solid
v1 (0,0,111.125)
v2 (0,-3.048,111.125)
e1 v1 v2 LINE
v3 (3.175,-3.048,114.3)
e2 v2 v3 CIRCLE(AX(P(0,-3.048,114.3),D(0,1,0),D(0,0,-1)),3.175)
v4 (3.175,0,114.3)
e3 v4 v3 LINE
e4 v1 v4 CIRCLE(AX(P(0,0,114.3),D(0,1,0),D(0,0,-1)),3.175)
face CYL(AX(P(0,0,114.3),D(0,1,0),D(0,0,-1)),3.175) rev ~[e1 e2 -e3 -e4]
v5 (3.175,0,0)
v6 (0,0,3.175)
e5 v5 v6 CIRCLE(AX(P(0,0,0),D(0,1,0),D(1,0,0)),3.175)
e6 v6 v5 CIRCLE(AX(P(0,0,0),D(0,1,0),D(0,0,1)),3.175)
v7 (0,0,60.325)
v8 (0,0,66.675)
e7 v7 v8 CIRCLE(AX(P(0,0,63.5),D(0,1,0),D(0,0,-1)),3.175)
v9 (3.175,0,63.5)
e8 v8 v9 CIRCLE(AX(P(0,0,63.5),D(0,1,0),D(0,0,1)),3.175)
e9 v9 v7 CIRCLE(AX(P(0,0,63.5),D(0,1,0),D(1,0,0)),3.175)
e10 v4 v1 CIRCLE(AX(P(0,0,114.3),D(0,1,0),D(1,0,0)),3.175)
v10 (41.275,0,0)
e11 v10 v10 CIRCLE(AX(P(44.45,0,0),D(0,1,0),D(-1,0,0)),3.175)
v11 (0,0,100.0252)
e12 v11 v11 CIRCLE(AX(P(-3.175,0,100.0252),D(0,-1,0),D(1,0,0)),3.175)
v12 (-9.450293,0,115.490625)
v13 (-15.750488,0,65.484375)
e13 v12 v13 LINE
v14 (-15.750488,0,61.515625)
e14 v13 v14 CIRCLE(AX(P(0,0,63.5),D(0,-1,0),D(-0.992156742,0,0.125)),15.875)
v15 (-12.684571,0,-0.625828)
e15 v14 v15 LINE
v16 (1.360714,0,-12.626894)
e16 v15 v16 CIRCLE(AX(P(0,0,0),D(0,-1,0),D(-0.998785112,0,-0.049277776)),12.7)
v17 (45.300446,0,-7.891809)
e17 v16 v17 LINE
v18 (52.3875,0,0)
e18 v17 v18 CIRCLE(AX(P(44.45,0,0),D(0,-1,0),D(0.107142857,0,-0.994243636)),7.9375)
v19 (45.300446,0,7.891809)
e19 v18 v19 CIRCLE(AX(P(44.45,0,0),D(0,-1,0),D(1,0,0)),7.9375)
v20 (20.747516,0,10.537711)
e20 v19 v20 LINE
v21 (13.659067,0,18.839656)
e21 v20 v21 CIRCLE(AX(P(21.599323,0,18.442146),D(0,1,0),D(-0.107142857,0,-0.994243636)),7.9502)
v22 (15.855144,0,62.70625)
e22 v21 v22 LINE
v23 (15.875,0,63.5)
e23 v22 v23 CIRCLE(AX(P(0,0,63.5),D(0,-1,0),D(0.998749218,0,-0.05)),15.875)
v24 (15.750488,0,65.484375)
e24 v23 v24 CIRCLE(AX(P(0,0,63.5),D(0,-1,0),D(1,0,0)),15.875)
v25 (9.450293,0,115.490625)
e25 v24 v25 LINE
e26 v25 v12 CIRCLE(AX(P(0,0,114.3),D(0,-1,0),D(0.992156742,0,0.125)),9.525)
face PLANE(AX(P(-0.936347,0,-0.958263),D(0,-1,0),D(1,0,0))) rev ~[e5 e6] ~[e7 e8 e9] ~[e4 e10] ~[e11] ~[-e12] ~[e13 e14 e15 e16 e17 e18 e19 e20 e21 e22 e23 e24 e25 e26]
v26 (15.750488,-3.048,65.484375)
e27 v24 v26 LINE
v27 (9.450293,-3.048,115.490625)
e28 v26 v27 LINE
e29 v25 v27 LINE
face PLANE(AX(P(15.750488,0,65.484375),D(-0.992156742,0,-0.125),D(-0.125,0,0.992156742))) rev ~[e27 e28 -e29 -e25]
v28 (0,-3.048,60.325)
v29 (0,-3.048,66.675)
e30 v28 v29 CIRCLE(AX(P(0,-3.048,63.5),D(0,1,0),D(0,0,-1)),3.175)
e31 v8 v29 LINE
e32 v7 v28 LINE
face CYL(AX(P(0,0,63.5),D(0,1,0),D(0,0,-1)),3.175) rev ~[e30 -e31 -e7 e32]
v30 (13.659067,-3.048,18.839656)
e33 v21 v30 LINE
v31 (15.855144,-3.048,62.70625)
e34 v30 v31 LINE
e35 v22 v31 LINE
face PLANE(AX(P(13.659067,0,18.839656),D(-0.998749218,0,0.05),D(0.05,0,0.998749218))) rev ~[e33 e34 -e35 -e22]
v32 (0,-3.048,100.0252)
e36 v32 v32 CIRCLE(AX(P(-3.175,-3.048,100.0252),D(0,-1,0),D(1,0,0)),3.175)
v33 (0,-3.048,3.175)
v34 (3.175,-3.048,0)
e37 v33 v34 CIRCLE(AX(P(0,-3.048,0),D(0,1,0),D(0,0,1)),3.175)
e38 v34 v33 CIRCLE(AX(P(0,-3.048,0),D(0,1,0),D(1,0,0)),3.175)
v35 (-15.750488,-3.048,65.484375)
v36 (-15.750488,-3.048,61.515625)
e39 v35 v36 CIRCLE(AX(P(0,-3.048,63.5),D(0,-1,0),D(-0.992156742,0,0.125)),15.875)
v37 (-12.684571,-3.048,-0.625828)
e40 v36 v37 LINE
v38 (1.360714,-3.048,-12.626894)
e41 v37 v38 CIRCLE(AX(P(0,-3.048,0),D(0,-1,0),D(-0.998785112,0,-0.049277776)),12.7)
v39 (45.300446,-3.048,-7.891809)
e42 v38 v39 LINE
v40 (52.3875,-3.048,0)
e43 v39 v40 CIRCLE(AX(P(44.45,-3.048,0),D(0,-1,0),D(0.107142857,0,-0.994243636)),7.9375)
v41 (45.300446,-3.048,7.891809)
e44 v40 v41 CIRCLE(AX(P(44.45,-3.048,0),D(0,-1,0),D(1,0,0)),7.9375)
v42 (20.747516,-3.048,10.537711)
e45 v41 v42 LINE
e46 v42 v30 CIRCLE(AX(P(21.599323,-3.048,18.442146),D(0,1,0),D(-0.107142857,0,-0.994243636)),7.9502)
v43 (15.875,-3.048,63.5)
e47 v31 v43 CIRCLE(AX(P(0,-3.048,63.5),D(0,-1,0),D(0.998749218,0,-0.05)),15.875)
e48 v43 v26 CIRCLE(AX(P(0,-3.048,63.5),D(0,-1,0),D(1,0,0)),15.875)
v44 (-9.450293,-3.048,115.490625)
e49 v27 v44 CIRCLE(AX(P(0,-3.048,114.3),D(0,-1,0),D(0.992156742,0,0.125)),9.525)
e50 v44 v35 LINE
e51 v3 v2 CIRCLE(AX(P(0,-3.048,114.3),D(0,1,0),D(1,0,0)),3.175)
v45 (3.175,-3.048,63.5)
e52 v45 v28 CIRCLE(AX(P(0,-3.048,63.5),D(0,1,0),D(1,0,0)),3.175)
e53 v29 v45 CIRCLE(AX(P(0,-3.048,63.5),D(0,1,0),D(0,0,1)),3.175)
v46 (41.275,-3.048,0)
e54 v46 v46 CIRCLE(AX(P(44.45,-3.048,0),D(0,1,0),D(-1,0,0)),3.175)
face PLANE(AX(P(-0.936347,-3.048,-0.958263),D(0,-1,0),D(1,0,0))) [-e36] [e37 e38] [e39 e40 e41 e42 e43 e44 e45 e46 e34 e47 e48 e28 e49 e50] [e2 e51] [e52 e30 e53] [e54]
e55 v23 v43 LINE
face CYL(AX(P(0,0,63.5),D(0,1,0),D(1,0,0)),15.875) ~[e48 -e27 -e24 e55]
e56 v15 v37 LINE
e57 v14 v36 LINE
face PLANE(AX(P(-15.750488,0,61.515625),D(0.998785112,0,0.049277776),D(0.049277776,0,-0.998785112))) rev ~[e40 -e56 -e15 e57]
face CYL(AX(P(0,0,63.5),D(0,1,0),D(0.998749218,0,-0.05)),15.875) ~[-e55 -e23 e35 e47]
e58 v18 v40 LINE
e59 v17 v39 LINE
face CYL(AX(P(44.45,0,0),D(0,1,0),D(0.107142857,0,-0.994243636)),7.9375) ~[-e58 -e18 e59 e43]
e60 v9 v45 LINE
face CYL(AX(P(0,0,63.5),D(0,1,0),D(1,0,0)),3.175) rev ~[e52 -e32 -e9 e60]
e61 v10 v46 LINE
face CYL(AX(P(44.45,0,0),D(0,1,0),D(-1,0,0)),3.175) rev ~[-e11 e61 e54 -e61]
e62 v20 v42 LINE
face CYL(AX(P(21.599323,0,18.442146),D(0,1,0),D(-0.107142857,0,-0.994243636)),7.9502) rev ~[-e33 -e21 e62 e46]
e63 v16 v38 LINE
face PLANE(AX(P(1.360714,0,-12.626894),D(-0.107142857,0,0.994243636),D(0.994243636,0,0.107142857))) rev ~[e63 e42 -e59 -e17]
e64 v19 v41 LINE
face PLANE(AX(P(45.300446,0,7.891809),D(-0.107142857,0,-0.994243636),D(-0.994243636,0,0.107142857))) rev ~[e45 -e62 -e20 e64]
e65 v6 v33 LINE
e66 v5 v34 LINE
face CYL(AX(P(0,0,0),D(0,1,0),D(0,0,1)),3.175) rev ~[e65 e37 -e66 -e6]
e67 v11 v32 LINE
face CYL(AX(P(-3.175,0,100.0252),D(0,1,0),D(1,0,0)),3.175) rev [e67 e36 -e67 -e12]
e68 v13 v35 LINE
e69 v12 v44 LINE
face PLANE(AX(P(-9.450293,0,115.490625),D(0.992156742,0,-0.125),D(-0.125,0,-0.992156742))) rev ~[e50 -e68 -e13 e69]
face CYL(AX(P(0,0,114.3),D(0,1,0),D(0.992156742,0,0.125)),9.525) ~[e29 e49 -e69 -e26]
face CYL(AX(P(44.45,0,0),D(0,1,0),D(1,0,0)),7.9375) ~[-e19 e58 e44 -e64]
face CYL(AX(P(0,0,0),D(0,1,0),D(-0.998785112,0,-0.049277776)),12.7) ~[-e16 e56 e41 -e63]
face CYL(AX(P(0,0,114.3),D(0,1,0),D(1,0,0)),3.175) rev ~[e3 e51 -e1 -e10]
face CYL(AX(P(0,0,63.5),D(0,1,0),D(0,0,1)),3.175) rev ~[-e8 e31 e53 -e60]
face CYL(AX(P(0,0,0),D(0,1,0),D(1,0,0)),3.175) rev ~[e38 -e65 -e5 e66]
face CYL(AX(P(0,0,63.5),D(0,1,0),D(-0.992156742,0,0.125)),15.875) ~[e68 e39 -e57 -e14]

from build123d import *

# Parameters (mm, degrees)
F0_R     = 3.175
F1_DEPTH = 3.048


with BuildPart() as f1:
    # F0 (on Front) → F1 (new body)
    with BuildSketch(Plane.XZ):
        with BuildLine():
            Line((12.7, 0), (3.175, 0))
            ThreePointArc((3.175, 0), (-2.2450640303, -2.2450640303), (0, 3.175))
            Line((0, 3.175), (0, 12.7))
            ThreePointArc((0, 12.7), (-9.1988589652, 8.7561974475), (-12.6845709276, -0.6258277576))
            ThreePointArc((-12.6845709276, -0.6258277576), (-8.2500806742, -9.6553699499), (1.3607142857, -12.62689418))
            ThreePointArc((1.3607142857, -12.62689418), (9.4491023761, -8.4855444307), (12.7, 0))
        make_face()
        with BuildLine():
            ThreePointArc((0, 12.7), (8.9802561211, 8.9802561211), (12.7, 0))
            Line((12.7, 0), (36.5125, 0))
            ThreePointArc((36.5125, 0), (39.1465347308, 5.9056889851), (45.3004464286, 7.8918088625))
            Line((45.3004464286, 7.8918088625), (20.7475162312, 10.5377107287))
            ThreePointArc((20.7475162312, 10.5377107287), (15.5531948979, 13.2797816698), (13.659067343, 18.8396564854))
            Line((13.659067343, 18.8396564854), (15.8551438321, 62.70625))
            ThreePointArc((15.8551438321, 62.70625), (10.941088697, 51.9974697077), (0, 47.625))
            Line((0, 47.625), (0, 12.7))
        make_face()
        with BuildLine():
            Line((36.5125, 0), (12.7, 0))
            ThreePointArc((12.7, 0), (9.4491023761, -8.4855444307), (1.3607142857, -12.62689418))
            Line((1.3607142857, -12.62689418), (45.3004464286, -7.8918088625))
            ThreePointArc((45.3004464286, -7.8918088625), (39.1465347308, -5.9056889851), (36.5125, 0))
        make_face()
        with BuildLine():
            ThreePointArc((-12.6845709276, -0.6258277576), (-9.1988589652, 8.7561974475), (0, 12.7))
            Line((0, 12.7), (0, 47.625))
            ThreePointArc((0, 47.625), (-10.5003255158, 51.59375), (-15.7504882737, 61.515625))
            Line((-15.7504882737, 61.515625), (-12.6845709276, -0.6258277576))
        make_face()
        with BuildLine():
            ThreePointArc((45.3004464286, 7.8918088625), (39.1465347308, 5.9056889851), (36.5125, 0))
            ThreePointArc((36.5125, 0), (39.1465347308, -5.9056889851), (45.3004464286, -7.8918088625))
            ThreePointArc((45.3004464286, -7.8918088625), (50.3556889851, -5.3034652692), (52.3875, 0))
            ThreePointArc((52.3875, 0), (50.3556889851, 5.3034652692), (45.3004464286, 7.8918088625))
        make_face()
        with BuildLine():
            ThreePointArc((47.625, 0), (44.45, -3.175), (41.275, 0))
            ThreePointArc((41.275, 0), (44.45, 3.175), (47.625, 0))
        make_face(mode=Mode.SUBTRACT)
        with BuildLine():
            ThreePointArc((-15.7504882737, 61.515625), (-10.5003255158, 51.59375), (0, 47.625))
            Line((0, 47.625), (0, 60.325))
            ThreePointArc((0, 60.325), (-3.175, 63.5), (0, 66.675))
            Line((0, 66.675), (0, 79.375))
            ThreePointArc((0, 79.375), (-10.5003255158, 75.40625), (-15.7504882737, 65.484375))
            ThreePointArc((-15.7504882737, 65.484375), (-15.875, 63.5), (-15.7504882737, 61.515625))
        make_face()
        with BuildLine():
            Line((0, 60.325), (0, 47.625))
            ThreePointArc((0, 47.625), (10.941088697, 51.9974697077), (15.8551438321, 62.70625))
            ThreePointArc((15.8551438321, 62.70625), (15.8700351817, 63.1030008407), (15.875, 63.5))
            ThreePointArc((15.875, 63.5), (15.8438414904, 64.4941387366), (15.7504882737, 65.484375))
            ThreePointArc((15.7504882737, 65.484375), (10.5003255158, 75.40625), (0, 79.375))
            Line((0, 79.375), (0, 66.675))
            ThreePointArc((0, 66.675), (2.2450640303, 65.7450640303), (3.175, 63.5))
            ThreePointArc((3.175, 63.5), (2.2450640303, 61.2549359697), (0, 60.325))
        make_face()
        with BuildLine():
            Line((-9.4502929642, 115.490625), (-15.7504882737, 65.484375))
            ThreePointArc((-15.7504882737, 65.484375), (-10.5003255158, 75.40625), (0, 79.375))
            Line((0, 79.375), (0, 100.0252))
            Line((0, 100.0252), (0, 104.775))
            ThreePointArc((0, 104.775), (-7.14375, 107.9998046905), (-9.4502929642, 115.490625))
        make_face()
        with Locations((-3.175, 100.0252)):
            Circle(F0_R, mode=Mode.SUBTRACT)
        with BuildLine():
            Line((0, 100.0252), (0, 79.375))
            ThreePointArc((0, 79.375), (10.5003255158, 75.40625), (15.7504882737, 65.484375))
            Line((15.7504882737, 65.484375), (9.4502929642, 115.490625))
            ThreePointArc((9.4502929642, 115.490625), (9.5063048942, 114.896483242), (9.525, 114.3))
            ThreePointArc((9.525, 114.3), (6.7351920908, 107.5648079092), (0, 104.775))
            Line((0, 104.775), (0, 100.0252))
        make_face()
        with BuildLine():
            ThreePointArc((9.4502929642, 115.490625), (0, 123.825), (-9.4502929642, 115.490625))
            ThreePointArc((-9.4502929642, 115.490625), (-7.14375, 107.9998046905), (0, 104.775))
            ThreePointArc((0, 104.775), (6.7351920908, 107.5648079092), (9.525, 114.3))
            ThreePointArc((9.525, 114.3), (9.5063048942, 114.896483242), (9.4502929642, 115.490625))
        make_face()
        with BuildLine():
            ThreePointArc((3.175, 114.3), (2.2450640303, 112.0549359697), (0, 111.125))
            ThreePointArc((0, 111.125), (-2.2450640303, 116.5450640303), (3.175, 114.3))
        make_face(mode=Mode.SUBTRACT)
        with BuildLine():
            ThreePointArc((0, 3.175), (2.2450640303, 2.2450640303), (3.175, 0))
            Line((3.175, 0), (12.7, 0))
            ThreePointArc((12.7, 0), (8.9802561211, 8.9802561211), (0, 12.7))
            Line((0, 12.7), (0, 3.175))
        make_face()
    extrude(amount=F1_DEPTH)


solid = f1.part
